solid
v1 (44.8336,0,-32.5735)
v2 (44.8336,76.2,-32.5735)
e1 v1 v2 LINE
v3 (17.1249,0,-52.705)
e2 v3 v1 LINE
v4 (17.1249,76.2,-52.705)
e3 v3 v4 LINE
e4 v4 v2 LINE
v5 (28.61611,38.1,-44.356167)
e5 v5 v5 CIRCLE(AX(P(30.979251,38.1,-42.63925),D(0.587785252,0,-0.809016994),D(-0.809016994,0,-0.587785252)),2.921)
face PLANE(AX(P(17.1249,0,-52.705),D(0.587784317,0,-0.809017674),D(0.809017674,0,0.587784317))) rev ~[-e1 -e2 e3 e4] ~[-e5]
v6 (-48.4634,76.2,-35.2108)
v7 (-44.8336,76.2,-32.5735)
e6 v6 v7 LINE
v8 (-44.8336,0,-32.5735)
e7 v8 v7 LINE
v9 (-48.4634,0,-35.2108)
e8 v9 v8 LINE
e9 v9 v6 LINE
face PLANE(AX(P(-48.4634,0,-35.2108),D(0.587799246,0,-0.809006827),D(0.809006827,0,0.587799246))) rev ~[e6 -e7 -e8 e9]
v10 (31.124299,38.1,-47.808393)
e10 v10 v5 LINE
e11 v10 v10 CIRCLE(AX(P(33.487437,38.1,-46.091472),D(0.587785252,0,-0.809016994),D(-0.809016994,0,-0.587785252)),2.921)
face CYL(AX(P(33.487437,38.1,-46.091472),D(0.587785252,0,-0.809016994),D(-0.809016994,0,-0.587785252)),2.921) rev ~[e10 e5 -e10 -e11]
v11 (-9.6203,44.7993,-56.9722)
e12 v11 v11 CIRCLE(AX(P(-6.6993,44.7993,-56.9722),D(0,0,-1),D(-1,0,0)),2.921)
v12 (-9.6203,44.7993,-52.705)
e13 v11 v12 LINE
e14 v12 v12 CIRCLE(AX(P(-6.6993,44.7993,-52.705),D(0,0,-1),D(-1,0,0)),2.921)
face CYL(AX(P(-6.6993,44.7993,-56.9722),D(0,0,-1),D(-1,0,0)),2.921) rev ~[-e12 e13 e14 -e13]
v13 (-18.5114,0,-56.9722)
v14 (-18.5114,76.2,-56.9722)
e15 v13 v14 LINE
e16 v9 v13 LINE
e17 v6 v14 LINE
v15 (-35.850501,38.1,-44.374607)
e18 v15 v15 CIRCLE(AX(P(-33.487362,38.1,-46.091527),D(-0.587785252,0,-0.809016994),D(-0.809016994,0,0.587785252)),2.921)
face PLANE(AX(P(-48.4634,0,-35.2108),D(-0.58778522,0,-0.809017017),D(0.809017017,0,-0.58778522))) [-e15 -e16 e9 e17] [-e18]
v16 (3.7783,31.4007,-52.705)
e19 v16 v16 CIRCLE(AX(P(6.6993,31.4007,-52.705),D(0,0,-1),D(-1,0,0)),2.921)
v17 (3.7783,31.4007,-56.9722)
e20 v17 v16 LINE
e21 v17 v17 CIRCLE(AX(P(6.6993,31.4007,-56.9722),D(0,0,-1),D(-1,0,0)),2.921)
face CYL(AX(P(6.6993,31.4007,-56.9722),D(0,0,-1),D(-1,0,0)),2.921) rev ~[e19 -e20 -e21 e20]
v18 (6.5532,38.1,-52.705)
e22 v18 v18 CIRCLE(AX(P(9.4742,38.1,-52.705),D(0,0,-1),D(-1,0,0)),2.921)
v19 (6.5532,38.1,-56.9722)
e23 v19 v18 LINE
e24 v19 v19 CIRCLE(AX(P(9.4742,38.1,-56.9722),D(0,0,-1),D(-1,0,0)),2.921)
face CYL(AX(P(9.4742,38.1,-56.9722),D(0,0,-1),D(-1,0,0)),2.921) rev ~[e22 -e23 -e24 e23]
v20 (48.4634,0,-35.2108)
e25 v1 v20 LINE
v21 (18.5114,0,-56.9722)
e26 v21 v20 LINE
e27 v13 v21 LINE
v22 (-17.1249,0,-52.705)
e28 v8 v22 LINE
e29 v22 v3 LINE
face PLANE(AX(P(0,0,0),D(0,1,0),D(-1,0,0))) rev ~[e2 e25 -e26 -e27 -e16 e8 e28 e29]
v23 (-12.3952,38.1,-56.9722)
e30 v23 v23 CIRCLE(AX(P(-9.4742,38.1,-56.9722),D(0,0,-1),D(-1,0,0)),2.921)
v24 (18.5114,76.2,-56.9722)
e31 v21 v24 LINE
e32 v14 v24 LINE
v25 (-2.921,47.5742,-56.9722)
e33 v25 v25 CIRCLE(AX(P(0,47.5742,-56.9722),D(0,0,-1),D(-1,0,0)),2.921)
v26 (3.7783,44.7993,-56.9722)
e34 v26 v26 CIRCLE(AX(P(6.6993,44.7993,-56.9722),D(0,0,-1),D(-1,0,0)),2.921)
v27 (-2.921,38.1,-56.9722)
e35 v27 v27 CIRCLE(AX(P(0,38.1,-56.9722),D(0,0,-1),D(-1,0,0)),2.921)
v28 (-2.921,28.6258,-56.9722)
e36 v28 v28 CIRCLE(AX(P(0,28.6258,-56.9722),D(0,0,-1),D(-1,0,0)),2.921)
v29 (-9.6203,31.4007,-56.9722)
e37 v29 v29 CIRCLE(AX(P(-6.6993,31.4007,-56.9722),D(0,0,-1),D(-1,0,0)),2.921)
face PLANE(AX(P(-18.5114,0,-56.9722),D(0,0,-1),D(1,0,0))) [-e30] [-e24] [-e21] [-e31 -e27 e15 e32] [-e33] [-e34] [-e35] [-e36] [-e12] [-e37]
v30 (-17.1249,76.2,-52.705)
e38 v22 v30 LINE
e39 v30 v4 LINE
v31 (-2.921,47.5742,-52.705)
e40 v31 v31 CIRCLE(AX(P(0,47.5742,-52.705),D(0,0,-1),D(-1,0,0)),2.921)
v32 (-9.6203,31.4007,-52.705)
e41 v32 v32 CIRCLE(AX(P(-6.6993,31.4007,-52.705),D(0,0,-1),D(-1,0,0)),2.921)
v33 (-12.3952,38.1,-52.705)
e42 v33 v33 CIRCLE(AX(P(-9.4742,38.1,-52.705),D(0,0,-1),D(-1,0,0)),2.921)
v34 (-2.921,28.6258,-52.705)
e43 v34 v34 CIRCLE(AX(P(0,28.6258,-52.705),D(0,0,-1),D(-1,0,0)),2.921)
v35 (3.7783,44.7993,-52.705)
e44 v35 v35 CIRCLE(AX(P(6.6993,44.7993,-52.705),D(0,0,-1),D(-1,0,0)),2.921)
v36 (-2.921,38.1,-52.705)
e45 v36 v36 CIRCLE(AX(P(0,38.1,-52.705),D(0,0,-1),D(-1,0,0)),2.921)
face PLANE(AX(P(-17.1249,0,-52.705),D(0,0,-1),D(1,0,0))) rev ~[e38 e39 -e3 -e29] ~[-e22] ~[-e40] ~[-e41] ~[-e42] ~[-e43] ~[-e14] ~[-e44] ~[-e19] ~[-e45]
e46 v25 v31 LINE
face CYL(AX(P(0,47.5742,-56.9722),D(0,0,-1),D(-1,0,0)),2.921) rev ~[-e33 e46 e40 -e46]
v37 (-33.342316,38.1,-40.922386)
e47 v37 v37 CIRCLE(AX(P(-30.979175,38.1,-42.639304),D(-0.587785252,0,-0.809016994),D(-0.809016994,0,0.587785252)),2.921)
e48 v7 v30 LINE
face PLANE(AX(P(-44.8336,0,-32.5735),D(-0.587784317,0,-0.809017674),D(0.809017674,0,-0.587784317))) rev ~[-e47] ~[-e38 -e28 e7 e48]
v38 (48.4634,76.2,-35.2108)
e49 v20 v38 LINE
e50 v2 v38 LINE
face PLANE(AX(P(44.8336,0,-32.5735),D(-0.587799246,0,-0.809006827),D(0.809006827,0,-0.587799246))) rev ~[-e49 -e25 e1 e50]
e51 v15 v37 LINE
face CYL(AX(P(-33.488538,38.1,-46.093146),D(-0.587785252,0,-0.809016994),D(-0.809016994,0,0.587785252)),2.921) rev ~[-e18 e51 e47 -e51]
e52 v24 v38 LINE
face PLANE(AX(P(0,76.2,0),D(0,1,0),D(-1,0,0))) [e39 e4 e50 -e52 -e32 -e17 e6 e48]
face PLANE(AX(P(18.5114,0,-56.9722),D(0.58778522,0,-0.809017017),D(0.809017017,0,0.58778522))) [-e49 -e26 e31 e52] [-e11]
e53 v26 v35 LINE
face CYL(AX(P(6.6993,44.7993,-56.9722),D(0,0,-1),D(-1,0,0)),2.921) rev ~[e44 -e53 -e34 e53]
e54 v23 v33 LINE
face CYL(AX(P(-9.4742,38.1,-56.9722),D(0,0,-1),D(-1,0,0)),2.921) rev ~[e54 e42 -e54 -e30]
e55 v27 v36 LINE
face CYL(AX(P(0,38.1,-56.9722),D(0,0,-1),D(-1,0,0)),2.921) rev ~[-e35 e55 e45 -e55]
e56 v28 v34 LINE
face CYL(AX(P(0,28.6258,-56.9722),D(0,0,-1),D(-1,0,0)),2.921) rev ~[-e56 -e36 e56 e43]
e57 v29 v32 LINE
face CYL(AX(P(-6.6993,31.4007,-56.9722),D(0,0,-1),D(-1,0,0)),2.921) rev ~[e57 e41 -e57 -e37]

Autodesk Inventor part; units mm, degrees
ref_plane "YZ Plane" through (0, 0, 0) normal (1, 0, 0) x (0, 1, 0)
ref_plane "XZ Plane" through (0, 0, 0) normal (0, 1, 0) x (-1, 0, 0)
ref_plane "XY Plane" through (0, 0, 0) normal (0, 0, 1) x (1, 0, 0)
sketch "Sketch1" plane through (0, 0, 0) normal (0, 1, 0) x (-1, 0, 0)
  line L0 (44.8336, -32.5735) -> (17.1249, -52.705)
  line L1 (17.1249, -52.705) -> (-17.1249, -52.705)
  line L2 (-17.1249, -52.705) -> (-44.8336, -32.5735)
  line L3 (48.4634, -35.2108) -> (18.5114, -56.9722)
  line L4 (18.5114, -56.9722) -> (-18.5114, -56.9722)
  line L5 (-18.5114, -56.9722) -> (-48.4634, -35.2108)
  line L6 (48.4634, -35.2108) -> (44.8336, -32.5735)
  line L7 (-44.8336, -32.5735) -> (-48.4634, -35.2108)
  point P0 (0, 0)
  point P1 (0, 0)
  point P2 (0, 0)
  dimension "d0" = 52.705
  dimension "d1" = 4.2672
extrude "Extrusion1" add sketch "Sketch1" along normal blind 76.2
sketch "Sketch2" plane through (18.5114, 0, -56.9722) normal (0.5878, 0, -0.809) x (-0.809, 0, -0.5878)
  circle A0 centre (-18.5114, 38.1) radius 2.921
  line L0 (-37.0228, 76.2) -> (0, 76.2) projected
  point P0 (-18.5114, 0)
  dimension "d4" = 5.842
  dimension "d5" = 38.1
sketch "Sketch3" plane through (18.5114, 0, -56.9722) normal (0, 0, -1) x (-1, 0, 0)
  circle A0 centre (18.5114, 38.1) radius 2.921
  line L0 (0, 76.2) -> (37.0228, 76.2) projected
  point P0 (18.5114, 0)
  dimension "d6" = 5.842
  dimension "d7" = 38.1
sketch "Sketch4" plane through (-48.4634, 0, -35.2108) normal (-0.5878, 0, -0.809) x (-0.809, 0, 0.5878)
  circle A0 centre (-18.5114, 38.1) radius 2.921
  line L0 (-37.0228, 76.2) -> (0, 76.2) projected
  point P0 (-18.5114, 0)
  dimension "d8" = 5.842
  dimension "d9" = 38.1
extrude "Extrusion2" cut sketch "Sketch2" against normal through all
extrude "Extrusion3" cut sketch "Sketch3" against normal blind 4.2672
extrude "Extrusion4" cut sketch "Sketch4" against normal blind 4.2672
sketch "Sketch5" plane through (18.5114, 0, -56.9722) normal (0, 0, -1) x (-1, 0, 0)
  circle A0 centre (18.5114, 38.1) radius 2.921 projected
  circle A1 centre (18.5114, 47.5742) radius 2.921
  circle A2 centre (11.8121, 44.7993) radius 2.921
  circle A3 centre (9.0372, 38.1) radius 2.921
  circle A4 centre (11.8121, 31.4007) radius 2.921
  circle A5 centre (18.5114, 28.6258) radius 2.921
  circle A6 centre (25.2107, 31.4007) radius 2.921
  circle A7 centre (27.9856, 38.1) radius 2.921
  circle A8 centre (25.2107, 44.7993) radius 2.921
  point P0 (18.5114, 0)
  dimension "d17" = 5.842
  dimension "d21" = 360
extrude "Extrusion5" cut sketch "Sketch5" against normal through all contours A1 | A2 | A3 | A4 | A5 | A6 | A7 | A8
properties part number "10 bracket"
